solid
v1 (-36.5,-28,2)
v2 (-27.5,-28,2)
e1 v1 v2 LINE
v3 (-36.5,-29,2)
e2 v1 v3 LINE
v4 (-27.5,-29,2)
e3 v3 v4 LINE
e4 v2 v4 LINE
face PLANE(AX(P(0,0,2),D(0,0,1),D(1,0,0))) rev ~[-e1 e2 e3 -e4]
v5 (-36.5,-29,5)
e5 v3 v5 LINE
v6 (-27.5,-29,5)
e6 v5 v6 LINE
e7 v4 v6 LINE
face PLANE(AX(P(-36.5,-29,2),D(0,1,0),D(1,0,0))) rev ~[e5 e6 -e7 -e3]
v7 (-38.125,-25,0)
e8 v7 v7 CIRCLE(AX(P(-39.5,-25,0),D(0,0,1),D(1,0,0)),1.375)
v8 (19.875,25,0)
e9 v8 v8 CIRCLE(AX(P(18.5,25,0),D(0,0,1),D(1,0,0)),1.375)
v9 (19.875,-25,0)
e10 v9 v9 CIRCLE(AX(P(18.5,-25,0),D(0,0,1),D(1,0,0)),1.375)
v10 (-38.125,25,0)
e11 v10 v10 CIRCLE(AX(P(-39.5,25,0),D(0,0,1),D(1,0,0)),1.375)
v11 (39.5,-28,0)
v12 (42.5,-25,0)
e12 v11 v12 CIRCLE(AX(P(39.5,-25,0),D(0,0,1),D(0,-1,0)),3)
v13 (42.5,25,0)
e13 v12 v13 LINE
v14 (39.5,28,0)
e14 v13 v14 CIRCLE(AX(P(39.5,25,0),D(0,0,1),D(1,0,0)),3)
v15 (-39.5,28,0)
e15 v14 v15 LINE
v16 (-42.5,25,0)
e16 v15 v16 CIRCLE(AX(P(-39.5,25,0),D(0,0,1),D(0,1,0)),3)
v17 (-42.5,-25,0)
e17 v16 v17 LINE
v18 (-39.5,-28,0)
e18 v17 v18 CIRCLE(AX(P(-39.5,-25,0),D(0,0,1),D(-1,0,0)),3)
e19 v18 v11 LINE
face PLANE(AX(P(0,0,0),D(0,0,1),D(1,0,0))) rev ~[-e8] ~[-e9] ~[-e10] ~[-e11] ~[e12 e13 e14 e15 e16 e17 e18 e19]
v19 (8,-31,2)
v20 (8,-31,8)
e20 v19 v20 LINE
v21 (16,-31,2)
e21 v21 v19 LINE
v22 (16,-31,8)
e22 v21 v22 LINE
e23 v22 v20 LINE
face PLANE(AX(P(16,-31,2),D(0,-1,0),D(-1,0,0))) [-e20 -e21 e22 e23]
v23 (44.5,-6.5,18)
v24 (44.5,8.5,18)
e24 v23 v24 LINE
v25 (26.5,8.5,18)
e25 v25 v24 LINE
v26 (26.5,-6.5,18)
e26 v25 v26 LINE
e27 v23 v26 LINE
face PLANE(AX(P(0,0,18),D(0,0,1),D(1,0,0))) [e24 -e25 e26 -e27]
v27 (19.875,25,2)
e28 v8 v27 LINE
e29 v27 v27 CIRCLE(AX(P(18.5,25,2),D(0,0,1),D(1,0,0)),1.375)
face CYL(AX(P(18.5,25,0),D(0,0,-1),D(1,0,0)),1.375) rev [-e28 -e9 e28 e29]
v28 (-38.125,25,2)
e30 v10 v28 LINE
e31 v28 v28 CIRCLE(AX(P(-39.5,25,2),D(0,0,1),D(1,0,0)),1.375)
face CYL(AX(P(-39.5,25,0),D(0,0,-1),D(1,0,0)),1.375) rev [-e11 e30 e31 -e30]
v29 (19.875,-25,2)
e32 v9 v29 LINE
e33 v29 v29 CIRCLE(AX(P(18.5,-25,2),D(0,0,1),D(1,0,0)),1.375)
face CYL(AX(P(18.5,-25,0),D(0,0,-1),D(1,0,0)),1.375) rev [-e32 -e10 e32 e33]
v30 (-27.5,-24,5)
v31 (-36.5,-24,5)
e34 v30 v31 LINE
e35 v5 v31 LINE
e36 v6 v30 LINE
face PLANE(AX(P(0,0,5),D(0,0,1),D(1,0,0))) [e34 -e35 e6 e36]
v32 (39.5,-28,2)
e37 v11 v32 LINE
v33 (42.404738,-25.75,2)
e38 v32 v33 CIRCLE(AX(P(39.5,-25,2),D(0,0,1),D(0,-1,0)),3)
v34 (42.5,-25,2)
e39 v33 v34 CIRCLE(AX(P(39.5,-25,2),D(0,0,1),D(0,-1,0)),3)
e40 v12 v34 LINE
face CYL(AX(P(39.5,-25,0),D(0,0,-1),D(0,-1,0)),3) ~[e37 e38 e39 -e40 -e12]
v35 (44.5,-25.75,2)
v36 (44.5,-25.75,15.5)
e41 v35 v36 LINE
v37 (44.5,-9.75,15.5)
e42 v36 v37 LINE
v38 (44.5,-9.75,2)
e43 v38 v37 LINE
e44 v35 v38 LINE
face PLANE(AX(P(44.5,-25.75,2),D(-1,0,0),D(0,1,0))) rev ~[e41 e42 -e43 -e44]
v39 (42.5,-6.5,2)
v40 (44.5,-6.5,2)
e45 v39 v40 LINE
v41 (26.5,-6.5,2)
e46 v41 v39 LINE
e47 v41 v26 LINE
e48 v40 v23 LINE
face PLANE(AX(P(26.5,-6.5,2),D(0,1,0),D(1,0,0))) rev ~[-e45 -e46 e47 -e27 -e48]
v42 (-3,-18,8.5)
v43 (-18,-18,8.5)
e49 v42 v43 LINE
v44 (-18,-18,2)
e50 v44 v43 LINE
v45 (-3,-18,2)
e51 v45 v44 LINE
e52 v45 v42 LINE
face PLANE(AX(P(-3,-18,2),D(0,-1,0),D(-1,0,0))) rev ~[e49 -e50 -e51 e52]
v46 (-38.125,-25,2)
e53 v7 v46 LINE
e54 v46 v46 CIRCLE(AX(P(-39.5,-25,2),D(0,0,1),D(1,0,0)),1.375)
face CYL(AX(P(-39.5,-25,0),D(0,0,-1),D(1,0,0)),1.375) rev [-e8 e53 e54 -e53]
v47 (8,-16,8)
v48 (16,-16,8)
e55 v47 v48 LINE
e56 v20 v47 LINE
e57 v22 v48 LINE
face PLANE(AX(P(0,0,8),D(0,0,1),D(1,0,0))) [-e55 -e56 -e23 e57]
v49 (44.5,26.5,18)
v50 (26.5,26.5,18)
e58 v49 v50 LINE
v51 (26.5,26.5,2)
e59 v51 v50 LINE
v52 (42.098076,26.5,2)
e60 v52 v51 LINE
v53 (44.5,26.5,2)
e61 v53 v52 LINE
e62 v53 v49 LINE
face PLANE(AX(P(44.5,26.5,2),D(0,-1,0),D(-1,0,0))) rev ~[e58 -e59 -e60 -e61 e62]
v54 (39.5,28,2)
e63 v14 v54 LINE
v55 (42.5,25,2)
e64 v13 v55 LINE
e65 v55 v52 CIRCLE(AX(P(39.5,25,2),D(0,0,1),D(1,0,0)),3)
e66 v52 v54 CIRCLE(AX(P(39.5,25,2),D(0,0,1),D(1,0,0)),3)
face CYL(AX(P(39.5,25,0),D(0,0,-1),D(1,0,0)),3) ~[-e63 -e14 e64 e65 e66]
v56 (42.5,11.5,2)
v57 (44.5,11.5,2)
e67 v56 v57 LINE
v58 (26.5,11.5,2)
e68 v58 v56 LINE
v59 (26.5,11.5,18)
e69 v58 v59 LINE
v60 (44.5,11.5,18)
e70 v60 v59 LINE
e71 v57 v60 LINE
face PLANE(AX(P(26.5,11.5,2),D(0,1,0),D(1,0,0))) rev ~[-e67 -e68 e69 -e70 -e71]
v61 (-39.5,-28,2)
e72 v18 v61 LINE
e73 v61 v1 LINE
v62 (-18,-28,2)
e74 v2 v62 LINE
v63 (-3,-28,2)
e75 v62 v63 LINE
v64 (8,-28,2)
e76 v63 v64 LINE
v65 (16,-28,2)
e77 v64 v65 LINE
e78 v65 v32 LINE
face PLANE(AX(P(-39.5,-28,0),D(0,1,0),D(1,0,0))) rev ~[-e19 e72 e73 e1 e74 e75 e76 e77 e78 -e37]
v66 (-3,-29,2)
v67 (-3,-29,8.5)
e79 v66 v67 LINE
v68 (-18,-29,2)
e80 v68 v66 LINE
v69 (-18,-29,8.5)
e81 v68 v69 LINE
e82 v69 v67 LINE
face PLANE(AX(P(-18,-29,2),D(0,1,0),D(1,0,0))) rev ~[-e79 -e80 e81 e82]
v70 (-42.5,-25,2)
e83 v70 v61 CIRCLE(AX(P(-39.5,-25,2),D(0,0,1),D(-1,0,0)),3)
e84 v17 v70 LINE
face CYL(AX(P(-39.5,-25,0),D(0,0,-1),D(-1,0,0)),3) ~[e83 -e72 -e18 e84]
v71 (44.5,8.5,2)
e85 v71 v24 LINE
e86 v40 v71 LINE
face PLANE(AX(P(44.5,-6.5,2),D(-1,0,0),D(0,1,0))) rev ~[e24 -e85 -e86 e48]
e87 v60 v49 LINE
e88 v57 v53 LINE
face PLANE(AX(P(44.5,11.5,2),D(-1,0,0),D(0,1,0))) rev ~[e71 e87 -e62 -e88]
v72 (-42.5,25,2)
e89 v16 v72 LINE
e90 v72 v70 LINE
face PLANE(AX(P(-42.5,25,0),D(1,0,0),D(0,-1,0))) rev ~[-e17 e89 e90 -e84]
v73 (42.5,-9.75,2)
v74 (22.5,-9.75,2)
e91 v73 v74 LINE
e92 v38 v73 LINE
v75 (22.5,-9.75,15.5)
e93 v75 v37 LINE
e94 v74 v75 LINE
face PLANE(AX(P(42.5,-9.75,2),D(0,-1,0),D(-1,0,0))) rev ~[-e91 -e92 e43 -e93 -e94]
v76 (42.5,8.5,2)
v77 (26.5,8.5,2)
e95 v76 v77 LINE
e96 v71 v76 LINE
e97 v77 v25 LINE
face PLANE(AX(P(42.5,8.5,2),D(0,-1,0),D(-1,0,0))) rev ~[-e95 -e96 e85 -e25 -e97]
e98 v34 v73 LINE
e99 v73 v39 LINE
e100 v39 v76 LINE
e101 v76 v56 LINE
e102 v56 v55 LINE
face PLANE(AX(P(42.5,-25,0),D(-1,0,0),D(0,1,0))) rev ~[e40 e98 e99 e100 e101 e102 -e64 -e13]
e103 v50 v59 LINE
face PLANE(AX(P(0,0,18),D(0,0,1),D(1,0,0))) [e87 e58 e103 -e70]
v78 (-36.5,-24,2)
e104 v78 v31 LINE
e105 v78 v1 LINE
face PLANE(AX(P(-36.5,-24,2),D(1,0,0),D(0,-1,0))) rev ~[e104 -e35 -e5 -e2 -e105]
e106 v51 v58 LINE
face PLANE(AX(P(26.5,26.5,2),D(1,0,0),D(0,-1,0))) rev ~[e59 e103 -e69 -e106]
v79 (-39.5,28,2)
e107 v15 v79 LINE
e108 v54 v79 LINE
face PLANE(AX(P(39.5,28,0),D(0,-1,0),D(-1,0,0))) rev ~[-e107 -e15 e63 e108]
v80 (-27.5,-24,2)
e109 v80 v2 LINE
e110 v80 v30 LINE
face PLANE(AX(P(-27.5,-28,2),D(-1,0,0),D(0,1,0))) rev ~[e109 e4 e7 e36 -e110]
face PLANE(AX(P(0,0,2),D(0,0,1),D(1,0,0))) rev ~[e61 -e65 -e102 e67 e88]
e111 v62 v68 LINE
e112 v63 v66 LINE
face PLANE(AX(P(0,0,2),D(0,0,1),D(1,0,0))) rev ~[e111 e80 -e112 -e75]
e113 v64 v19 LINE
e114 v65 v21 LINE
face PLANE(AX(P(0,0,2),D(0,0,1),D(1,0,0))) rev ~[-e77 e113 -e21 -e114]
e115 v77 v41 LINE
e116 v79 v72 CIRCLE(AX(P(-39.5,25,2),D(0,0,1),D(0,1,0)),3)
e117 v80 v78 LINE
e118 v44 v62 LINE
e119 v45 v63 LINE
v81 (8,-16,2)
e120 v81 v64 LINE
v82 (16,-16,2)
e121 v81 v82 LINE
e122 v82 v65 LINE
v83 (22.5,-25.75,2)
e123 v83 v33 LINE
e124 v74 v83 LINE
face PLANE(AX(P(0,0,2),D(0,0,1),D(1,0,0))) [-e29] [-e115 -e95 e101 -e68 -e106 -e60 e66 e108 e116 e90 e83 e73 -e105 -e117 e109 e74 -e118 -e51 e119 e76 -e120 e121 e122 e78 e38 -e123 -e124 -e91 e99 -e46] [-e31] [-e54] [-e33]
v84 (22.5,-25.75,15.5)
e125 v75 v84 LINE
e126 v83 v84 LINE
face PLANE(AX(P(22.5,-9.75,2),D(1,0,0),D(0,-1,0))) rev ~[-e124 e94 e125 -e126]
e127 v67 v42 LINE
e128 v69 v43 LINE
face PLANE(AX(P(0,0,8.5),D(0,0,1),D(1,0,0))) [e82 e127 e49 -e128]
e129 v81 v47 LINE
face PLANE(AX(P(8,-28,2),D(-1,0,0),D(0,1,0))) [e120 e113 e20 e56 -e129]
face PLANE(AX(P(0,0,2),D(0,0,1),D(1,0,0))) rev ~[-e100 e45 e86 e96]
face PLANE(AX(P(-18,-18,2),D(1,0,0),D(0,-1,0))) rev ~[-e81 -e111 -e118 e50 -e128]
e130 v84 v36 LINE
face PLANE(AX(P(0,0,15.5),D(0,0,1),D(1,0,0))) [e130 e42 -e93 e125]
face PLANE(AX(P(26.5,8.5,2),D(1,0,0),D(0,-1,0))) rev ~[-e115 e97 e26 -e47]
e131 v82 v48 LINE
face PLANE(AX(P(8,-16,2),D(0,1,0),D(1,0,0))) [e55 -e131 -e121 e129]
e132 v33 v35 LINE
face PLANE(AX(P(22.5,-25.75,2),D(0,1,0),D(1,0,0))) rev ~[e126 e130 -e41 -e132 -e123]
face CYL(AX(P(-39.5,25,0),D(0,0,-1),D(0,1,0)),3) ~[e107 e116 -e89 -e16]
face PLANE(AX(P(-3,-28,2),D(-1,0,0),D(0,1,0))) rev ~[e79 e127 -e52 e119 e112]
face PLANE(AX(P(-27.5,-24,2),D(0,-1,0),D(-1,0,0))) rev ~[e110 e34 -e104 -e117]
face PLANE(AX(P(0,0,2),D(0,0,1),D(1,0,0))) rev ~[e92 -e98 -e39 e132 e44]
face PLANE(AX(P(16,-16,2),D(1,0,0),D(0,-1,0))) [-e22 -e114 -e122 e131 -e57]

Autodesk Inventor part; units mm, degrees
ref_plane "YZ Plane" through (0, 0, 0) normal (1, 0, 0) x (0, 1, 0)
ref_plane "XZ Plane" through (0, 0, 0) normal (0, 1, 0) x (-1, 0, 0)
ref_plane "XY Plane" through (0, 0, 0) normal (0, 0, 1) x (1, 0, 0)
sketch "Boceto1" plane through (0, 0, 0) normal (0, 0, 1) x (1, 0, 0)
  line L0 (-39.5, -28) -> (39.5, -28)
  line L1 (42.5, -25) -> (42.5, 25)
  line L2 (39.5, 28) -> (-39.5, 28)
  line L3 (-42.5, 25) -> (-42.5, -25)
  line L4 (-42.5, -28) -> (42.5, 28) construction
  line L5 (42.5, -28) -> (-42.5, 28) construction
  arc A0 (-39.5, 28) -> (-42.5, 25) centre (-39.5, 25) ccw
  arc A1 (42.5, 25) -> (39.5, 28) centre (39.5, 25) ccw
  arc A2 (39.5, -28) -> (42.5, -25) centre (39.5, -25) ccw
  arc A3 (-42.5, -25) -> (-39.5, -28) centre (-39.5, -25) ccw
  circle A4 centre (-39.5, 25) radius 1.375
  circle A5 centre (-39.5, -25) radius 1.375
  circle A6 centre (18.5, -25) radius 1.375
  circle A7 centre (18.5, 25) radius 1.375
  point P0 (0, 0)
  dimension "d0" = 85
  dimension "d1" = 56
  dimension "d2" = 3
  dimension "d3" = 2.75
  dimension "d4" = 2.75
  dimension "d5" = 2.75
  dimension "d6" = 2.75
  dimension "d7" = 58
extrude "Extrusión1" add sketch "Boceto1" along normal blind 2
sketch "Boceto2" plane through (0, 0, 2) normal (0, 0, 1) x (1, 0, 0)
  line L0 (26.5, -6.5) -> (44.5, -6.5)
  line L1 (44.5, -6.5) -> (44.5, 8.5)
  line L2 (44.5, 8.5) -> (26.5, 8.5)
  line L3 (26.5, 8.5) -> (26.5, -6.5)
  line L4 (26.5, -6.5) -> (44.5, 8.5) construction
  line L5 (44.5, -6.5) -> (26.5, 8.5) construction
  line L6 (-39.5, -28) -> (39.5, -28) projected
  line L7 (22.5, -25.75) -> (44.5, -25.75)
  line L8 (44.5, -25.75) -> (44.5, -9.75)
  line L9 (44.5, -9.75) -> (22.5, -9.75)
  line L10 (22.5, -9.75) -> (22.5, -25.75)
  line L11 (22.5, -25.75) -> (44.5, -9.75) construction
  line L12 (44.5, -25.75) -> (22.5, -9.75) construction
  line L13 (-18, -29) -> (-3, -29)
  line L14 (-3, -29) -> (-3, -18)
  line L15 (-3, -18) -> (-18, -18)
  line L16 (-18, -18) -> (-18, -29)
  line L17 (-18, -29) -> (-3, -18) construction
  line L18 (-3, -29) -> (-18, -18) construction
  line L19 (-42.5, 25) -> (-42.5, -25) projected
  line L20 (8, -16) -> (16, -16)
  line L21 (16, -16) -> (16, -31)
  line L22 (16, -31) -> (8, -31)
  line L23 (8, -31) -> (8, -16)
  line L24 (8, -16) -> (16, -31) construction
  line L25 (16, -16) -> (8, -31) construction
  line L26 (-36.5, -29) -> (-27.5, -29)
  line L27 (-27.5, -29) -> (-27.5, -24)
  line L28 (-27.5, -24) -> (-36.5, -24)
  line L29 (-36.5, -24) -> (-36.5, -29)
  line L30 (-36.5, -29) -> (-27.5, -24) construction
  line L31 (-27.5, -29) -> (-36.5, -24) construction
  line L32 (26.5, 11.5) -> (44.5, 11.5)
  line L33 (44.5, 11.5) -> (44.5, 26.5)
  line L34 (44.5, 26.5) -> (26.5, 26.5)
  line L35 (26.5, 26.5) -> (26.5, 11.5)
  line L36 (26.5, 11.5) -> (44.5, 26.5) construction
  line L37 (44.5, 11.5) -> (26.5, 26.5) construction
  line L38 (42.5, -25) -> (42.5, 25) projected
  point P0 (0, 0)
  point P1 (35.5, 1)
  point P2 (33.5, -17.75)
  point P3 (-10.5, -23.5)
  point P4 (12, -23.5)
  point P5 (-32, -26.5)
  point P6 (35.5, 19)
  dimension "d11" = 15
  dimension "d15" = 29
  dimension "d18" = 22
  dimension "d19" = 16
  dimension "d20" = 10.25
  dimension "d22" = 15
  dimension "d23" = 11
  dimension "d24" = 1
  dimension "d25" = 32
  dimension "d26" = 8
  dimension "d27" = 15
  dimension "d28" = 3
  dimension "d29" = 54.5
  dimension "d30" = 9
  dimension "d31" = 5
  dimension "d33" = 1
  dimension "d34" = 10.5
  dimension "d45" = 15
  dimension "d46" = 2
  dimension "d47" = 47
extrude "Extrusión3" add sketch "Boceto2" along normal blind 13.5 contours L9 L8 L7 L10
extrude "Extrusión4" add sketch "Boceto2" along normal blind 6 contours L23 L20 L21 L6 | L6 L21 L22 L23
extrude "Extrusión5" add sketch "Boceto2" along normal blind 6.5 contours L16 L15 L14 L6 | L6 L14 L13 L16
extrude "Extrusión6" add sketch "Boceto2" along normal blind 3 contours L29 L28 L27 L6 | L6 L27 L26 L29
extrude "Extrusión7" add sketch "Boceto2" along normal blind 16 contours L3 L2 L38 L0 | L32 L35 L34 L33 | L38 L2 L1 L0
properties part number "RasPi3B+"
